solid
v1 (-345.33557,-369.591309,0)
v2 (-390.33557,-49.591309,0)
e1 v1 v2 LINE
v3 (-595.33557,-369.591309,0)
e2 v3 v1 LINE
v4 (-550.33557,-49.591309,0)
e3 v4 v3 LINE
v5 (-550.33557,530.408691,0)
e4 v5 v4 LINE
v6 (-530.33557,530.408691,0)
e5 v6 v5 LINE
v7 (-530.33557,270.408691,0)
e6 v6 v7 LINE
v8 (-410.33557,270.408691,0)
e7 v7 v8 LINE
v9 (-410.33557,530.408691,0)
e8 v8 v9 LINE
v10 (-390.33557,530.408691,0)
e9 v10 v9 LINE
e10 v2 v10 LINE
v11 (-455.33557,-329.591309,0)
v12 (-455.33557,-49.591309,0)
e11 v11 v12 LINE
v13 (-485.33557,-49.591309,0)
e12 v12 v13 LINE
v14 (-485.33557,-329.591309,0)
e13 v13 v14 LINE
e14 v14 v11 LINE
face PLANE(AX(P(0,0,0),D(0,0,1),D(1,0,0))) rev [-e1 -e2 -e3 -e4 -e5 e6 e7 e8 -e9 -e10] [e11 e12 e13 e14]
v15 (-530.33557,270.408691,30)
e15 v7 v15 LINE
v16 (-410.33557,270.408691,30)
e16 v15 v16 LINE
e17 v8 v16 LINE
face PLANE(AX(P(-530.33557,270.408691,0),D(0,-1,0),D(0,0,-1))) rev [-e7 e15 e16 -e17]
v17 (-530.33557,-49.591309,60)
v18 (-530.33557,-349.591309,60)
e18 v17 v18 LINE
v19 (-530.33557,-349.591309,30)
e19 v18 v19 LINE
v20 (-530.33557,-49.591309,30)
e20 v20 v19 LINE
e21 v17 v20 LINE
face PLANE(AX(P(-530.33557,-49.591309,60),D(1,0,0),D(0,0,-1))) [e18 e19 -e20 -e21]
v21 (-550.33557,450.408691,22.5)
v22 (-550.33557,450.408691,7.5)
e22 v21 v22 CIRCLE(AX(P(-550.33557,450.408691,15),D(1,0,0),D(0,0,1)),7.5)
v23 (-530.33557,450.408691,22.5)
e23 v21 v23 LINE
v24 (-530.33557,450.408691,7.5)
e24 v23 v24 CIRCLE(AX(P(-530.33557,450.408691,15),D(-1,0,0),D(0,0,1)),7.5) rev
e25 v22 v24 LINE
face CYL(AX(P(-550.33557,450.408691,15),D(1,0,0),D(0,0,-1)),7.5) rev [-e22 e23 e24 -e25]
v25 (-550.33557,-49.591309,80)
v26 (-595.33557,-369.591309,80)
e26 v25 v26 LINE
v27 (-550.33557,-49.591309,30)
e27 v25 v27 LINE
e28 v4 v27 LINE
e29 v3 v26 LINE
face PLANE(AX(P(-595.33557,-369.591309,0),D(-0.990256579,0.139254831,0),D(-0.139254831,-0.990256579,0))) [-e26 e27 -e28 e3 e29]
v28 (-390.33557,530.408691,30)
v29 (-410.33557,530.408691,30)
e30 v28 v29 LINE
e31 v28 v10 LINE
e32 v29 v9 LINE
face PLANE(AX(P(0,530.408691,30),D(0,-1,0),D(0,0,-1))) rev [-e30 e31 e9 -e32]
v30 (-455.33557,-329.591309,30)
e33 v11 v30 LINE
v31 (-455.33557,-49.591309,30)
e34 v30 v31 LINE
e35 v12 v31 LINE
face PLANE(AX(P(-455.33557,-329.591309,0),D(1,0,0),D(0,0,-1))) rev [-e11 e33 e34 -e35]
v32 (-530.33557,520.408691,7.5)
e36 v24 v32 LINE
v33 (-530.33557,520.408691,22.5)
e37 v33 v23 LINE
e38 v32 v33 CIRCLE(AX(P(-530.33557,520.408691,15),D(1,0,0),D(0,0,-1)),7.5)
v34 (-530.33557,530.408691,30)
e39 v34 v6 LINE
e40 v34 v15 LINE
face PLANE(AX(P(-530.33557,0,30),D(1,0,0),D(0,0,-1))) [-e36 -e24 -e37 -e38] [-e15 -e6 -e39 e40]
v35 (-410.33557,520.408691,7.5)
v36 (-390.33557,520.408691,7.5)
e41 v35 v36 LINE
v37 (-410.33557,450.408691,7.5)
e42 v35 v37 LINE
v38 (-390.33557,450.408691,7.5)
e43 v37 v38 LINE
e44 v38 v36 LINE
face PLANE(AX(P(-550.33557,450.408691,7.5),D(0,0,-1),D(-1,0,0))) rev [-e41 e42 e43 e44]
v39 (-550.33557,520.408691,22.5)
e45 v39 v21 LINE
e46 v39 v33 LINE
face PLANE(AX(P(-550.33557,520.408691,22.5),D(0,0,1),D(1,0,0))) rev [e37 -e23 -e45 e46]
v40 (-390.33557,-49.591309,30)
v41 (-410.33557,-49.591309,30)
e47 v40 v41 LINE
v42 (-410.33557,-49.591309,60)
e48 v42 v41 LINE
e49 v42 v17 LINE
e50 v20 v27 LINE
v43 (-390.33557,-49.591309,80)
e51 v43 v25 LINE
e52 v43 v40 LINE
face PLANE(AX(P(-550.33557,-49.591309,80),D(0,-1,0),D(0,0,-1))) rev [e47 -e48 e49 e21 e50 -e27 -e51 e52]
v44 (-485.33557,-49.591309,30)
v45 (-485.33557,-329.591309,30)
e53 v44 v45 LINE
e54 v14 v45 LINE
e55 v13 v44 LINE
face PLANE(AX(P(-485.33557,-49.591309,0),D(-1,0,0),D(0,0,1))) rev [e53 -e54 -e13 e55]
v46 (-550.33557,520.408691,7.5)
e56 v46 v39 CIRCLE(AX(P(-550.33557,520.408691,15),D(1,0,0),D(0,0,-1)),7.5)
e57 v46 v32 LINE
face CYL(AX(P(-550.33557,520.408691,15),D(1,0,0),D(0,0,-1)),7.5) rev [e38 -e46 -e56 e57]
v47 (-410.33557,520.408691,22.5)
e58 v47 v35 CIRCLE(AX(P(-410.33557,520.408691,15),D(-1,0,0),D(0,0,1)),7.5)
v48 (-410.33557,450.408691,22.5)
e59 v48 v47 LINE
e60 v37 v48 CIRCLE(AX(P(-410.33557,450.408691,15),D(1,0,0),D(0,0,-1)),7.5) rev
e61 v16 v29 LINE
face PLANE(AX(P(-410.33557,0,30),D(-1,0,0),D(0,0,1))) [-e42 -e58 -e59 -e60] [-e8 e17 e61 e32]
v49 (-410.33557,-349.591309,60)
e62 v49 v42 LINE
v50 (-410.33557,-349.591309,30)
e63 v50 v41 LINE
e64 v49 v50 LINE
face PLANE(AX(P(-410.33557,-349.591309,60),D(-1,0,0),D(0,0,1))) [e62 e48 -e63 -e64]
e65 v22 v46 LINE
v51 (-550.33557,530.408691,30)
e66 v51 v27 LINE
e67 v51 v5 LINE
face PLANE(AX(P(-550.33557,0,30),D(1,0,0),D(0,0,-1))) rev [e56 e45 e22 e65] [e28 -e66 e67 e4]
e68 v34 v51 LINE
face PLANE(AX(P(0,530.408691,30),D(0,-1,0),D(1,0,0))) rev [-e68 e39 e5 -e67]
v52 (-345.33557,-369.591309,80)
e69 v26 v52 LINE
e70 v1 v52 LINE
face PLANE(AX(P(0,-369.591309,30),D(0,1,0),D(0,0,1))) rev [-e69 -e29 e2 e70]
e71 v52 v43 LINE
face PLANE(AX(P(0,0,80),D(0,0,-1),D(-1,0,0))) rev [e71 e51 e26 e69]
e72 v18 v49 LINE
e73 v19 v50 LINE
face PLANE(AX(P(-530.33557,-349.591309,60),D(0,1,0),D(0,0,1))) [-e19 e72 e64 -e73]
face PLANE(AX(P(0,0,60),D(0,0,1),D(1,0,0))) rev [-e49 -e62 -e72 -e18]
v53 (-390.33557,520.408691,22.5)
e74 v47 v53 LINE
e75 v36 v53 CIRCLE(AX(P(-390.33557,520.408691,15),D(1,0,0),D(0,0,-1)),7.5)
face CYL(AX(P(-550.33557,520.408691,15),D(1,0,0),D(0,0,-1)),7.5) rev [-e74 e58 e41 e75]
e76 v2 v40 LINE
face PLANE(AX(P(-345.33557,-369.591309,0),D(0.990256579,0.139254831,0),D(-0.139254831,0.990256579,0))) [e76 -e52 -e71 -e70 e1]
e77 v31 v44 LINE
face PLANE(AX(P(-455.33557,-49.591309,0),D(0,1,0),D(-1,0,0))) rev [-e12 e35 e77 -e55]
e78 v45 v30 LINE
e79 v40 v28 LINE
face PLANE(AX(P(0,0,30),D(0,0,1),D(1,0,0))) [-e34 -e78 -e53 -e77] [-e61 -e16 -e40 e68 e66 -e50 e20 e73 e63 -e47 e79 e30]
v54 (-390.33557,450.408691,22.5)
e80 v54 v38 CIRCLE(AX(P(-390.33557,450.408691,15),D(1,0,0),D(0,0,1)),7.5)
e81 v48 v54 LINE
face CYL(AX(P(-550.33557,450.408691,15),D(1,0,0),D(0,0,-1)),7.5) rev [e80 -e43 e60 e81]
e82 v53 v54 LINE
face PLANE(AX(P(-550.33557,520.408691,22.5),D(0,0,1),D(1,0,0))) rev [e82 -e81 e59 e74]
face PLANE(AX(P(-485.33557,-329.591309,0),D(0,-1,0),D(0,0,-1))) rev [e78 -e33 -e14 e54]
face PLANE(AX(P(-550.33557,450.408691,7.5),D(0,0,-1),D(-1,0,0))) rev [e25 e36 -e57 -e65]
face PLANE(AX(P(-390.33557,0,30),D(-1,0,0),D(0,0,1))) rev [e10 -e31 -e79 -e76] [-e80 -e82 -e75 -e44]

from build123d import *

# Parameters (mm, degrees)
EXTRUDE_1_DEPTH          = 30
SKETCH_5_W               = 160
SKETCH_5_H               = 320
EXTRUDE_4_DEPTH          = 50
SKETCH_6_W               = 120
SKETCH_6_H               = 300
CUT_EXTRUDE_1_DEPTH      = 30
SKETCH_7_W               = 30
SKETCH_7_H               = 280
CUT_EXTRUDE_2_DEPTH      = 766.965155529
CUT_EXTRUDE_4_DEPTH      = 555.376568193
CUT_EXTRUDE_4_DEPTH_BACK = 555.376568193
SKETCH_10_W              = 120
SKETCH_10_H              = 180
CUT_EXTRUDE_5_DEPTH      = 766.965155601
EXTRUDE_5_DEPTH          = 80


with BuildPart() as part:
    # 草图1 → 凸台-拉伸1 (new body)
    with BuildSketch(Plane.XY):
        with BuildLine():
            Line((-550.33557047, 530.40869088), (-550.33557047, -369.59130912))
            Line((-550.33557047, -369.59130912), (-390.33557047, -369.59130912))
            Line((-390.33557047, -369.59130912), (-390.33557047, 530.40869088))
            Line((-390.33557047, 530.40869088), (-410.33557047, 530.40869088))
            Line((-410.33557047, 530.40869088), (-410.33557047, 450.40869088))
            ThreePointArc((-410.33557047, 450.40869088), (-470.33557047, 390.40869088), (-530.33557047, 450.40869088))
            Line((-530.33557047, 450.40869088), (-530.33557047, 530.40869088))
            Line((-530.33557047, 530.40869088), (-550.33557047, 530.40869088))
        make_face()
    extrude(amount=EXTRUDE_1_DEPTH)

    # 草图5 → 凸台-拉伸4 (add)
    with BuildSketch(Plane.XY.offset(30)):
        with Locations((-470.33557047, -209.59130912)):
            Rectangle(SKETCH_5_W, SKETCH_5_H)
    extrude(amount=EXTRUDE_4_DEPTH)

    # 草图6 → 切除-拉伸1 (cut)
    with BuildSketch(Plane.XY.offset(30)):
        with Locations((-470.33557047, -199.59130912)):
            Rectangle(SKETCH_6_W, SKETCH_6_H)
    extrude(amount=CUT_EXTRUDE_1_DEPTH, mode=Mode.SUBTRACT)

    # 草图7 → 切除-拉伸2 (cut, through all)
    with BuildSketch(Plane.XY.offset(30)):
        with Locations((-470.33557047, -189.59130912)):
            Rectangle(SKETCH_7_W, SKETCH_7_H)
    extrude(amount=-CUT_EXTRUDE_2_DEPTH, mode=Mode.SUBTRACT)

    # 草图9 → 切除-拉伸4 (cut, two sides: drawn at the far end of the back side and taken through both)
    with BuildSketch(Plane(origin=(-530.33557047, 0, 0), x_dir=(0, 0, -1), z_dir=(1, 0, 0)).offset(-CUT_EXTRUDE_4_DEPTH_BACK)):
        with BuildLine():
            Line((-7.5, 450.40869088), (-7.5, 520.40869088))
            ThreePointArc((-7.5, 520.40869088), (-15, 527.90869088), (-22.5, 520.40869088))
            Line((-22.5, 520.40869088), (-22.5, 450.40869088))
            ThreePointArc((-22.5, 450.40869088), (-15, 442.90869088), (-7.5, 450.40869088))
        make_face()
    extrude(amount=CUT_EXTRUDE_4_DEPTH + CUT_EXTRUDE_4_DEPTH_BACK, mode=Mode.SUBTRACT)

    # 草图10 → 切除-拉伸5 (cut, through all)
    with BuildSketch(Plane.XY.offset(30)):
        with Locations((-470.33557047, 360.40869088)):
            Rectangle(SKETCH_10_W, SKETCH_10_H)
    extrude(amount=-CUT_EXTRUDE_5_DEPTH, mode=Mode.SUBTRACT)

    # 草图11 → 凸台-拉伸5 (add)
    with BuildSketch(Plane.XY.offset(80)):
        Polygon((-550.33557047, -369.59130912), (-595.33557047, -369.59130912), (-550.33557047, -49.59130912), align=None)
        Polygon((-390.33557047, -369.59130912), (-345.33557047, -369.59130912), (-390.33557047, -49.59130912), align=None)
    extrude(amount=-EXTRUDE_5_DEPTH)


solid = part.part
